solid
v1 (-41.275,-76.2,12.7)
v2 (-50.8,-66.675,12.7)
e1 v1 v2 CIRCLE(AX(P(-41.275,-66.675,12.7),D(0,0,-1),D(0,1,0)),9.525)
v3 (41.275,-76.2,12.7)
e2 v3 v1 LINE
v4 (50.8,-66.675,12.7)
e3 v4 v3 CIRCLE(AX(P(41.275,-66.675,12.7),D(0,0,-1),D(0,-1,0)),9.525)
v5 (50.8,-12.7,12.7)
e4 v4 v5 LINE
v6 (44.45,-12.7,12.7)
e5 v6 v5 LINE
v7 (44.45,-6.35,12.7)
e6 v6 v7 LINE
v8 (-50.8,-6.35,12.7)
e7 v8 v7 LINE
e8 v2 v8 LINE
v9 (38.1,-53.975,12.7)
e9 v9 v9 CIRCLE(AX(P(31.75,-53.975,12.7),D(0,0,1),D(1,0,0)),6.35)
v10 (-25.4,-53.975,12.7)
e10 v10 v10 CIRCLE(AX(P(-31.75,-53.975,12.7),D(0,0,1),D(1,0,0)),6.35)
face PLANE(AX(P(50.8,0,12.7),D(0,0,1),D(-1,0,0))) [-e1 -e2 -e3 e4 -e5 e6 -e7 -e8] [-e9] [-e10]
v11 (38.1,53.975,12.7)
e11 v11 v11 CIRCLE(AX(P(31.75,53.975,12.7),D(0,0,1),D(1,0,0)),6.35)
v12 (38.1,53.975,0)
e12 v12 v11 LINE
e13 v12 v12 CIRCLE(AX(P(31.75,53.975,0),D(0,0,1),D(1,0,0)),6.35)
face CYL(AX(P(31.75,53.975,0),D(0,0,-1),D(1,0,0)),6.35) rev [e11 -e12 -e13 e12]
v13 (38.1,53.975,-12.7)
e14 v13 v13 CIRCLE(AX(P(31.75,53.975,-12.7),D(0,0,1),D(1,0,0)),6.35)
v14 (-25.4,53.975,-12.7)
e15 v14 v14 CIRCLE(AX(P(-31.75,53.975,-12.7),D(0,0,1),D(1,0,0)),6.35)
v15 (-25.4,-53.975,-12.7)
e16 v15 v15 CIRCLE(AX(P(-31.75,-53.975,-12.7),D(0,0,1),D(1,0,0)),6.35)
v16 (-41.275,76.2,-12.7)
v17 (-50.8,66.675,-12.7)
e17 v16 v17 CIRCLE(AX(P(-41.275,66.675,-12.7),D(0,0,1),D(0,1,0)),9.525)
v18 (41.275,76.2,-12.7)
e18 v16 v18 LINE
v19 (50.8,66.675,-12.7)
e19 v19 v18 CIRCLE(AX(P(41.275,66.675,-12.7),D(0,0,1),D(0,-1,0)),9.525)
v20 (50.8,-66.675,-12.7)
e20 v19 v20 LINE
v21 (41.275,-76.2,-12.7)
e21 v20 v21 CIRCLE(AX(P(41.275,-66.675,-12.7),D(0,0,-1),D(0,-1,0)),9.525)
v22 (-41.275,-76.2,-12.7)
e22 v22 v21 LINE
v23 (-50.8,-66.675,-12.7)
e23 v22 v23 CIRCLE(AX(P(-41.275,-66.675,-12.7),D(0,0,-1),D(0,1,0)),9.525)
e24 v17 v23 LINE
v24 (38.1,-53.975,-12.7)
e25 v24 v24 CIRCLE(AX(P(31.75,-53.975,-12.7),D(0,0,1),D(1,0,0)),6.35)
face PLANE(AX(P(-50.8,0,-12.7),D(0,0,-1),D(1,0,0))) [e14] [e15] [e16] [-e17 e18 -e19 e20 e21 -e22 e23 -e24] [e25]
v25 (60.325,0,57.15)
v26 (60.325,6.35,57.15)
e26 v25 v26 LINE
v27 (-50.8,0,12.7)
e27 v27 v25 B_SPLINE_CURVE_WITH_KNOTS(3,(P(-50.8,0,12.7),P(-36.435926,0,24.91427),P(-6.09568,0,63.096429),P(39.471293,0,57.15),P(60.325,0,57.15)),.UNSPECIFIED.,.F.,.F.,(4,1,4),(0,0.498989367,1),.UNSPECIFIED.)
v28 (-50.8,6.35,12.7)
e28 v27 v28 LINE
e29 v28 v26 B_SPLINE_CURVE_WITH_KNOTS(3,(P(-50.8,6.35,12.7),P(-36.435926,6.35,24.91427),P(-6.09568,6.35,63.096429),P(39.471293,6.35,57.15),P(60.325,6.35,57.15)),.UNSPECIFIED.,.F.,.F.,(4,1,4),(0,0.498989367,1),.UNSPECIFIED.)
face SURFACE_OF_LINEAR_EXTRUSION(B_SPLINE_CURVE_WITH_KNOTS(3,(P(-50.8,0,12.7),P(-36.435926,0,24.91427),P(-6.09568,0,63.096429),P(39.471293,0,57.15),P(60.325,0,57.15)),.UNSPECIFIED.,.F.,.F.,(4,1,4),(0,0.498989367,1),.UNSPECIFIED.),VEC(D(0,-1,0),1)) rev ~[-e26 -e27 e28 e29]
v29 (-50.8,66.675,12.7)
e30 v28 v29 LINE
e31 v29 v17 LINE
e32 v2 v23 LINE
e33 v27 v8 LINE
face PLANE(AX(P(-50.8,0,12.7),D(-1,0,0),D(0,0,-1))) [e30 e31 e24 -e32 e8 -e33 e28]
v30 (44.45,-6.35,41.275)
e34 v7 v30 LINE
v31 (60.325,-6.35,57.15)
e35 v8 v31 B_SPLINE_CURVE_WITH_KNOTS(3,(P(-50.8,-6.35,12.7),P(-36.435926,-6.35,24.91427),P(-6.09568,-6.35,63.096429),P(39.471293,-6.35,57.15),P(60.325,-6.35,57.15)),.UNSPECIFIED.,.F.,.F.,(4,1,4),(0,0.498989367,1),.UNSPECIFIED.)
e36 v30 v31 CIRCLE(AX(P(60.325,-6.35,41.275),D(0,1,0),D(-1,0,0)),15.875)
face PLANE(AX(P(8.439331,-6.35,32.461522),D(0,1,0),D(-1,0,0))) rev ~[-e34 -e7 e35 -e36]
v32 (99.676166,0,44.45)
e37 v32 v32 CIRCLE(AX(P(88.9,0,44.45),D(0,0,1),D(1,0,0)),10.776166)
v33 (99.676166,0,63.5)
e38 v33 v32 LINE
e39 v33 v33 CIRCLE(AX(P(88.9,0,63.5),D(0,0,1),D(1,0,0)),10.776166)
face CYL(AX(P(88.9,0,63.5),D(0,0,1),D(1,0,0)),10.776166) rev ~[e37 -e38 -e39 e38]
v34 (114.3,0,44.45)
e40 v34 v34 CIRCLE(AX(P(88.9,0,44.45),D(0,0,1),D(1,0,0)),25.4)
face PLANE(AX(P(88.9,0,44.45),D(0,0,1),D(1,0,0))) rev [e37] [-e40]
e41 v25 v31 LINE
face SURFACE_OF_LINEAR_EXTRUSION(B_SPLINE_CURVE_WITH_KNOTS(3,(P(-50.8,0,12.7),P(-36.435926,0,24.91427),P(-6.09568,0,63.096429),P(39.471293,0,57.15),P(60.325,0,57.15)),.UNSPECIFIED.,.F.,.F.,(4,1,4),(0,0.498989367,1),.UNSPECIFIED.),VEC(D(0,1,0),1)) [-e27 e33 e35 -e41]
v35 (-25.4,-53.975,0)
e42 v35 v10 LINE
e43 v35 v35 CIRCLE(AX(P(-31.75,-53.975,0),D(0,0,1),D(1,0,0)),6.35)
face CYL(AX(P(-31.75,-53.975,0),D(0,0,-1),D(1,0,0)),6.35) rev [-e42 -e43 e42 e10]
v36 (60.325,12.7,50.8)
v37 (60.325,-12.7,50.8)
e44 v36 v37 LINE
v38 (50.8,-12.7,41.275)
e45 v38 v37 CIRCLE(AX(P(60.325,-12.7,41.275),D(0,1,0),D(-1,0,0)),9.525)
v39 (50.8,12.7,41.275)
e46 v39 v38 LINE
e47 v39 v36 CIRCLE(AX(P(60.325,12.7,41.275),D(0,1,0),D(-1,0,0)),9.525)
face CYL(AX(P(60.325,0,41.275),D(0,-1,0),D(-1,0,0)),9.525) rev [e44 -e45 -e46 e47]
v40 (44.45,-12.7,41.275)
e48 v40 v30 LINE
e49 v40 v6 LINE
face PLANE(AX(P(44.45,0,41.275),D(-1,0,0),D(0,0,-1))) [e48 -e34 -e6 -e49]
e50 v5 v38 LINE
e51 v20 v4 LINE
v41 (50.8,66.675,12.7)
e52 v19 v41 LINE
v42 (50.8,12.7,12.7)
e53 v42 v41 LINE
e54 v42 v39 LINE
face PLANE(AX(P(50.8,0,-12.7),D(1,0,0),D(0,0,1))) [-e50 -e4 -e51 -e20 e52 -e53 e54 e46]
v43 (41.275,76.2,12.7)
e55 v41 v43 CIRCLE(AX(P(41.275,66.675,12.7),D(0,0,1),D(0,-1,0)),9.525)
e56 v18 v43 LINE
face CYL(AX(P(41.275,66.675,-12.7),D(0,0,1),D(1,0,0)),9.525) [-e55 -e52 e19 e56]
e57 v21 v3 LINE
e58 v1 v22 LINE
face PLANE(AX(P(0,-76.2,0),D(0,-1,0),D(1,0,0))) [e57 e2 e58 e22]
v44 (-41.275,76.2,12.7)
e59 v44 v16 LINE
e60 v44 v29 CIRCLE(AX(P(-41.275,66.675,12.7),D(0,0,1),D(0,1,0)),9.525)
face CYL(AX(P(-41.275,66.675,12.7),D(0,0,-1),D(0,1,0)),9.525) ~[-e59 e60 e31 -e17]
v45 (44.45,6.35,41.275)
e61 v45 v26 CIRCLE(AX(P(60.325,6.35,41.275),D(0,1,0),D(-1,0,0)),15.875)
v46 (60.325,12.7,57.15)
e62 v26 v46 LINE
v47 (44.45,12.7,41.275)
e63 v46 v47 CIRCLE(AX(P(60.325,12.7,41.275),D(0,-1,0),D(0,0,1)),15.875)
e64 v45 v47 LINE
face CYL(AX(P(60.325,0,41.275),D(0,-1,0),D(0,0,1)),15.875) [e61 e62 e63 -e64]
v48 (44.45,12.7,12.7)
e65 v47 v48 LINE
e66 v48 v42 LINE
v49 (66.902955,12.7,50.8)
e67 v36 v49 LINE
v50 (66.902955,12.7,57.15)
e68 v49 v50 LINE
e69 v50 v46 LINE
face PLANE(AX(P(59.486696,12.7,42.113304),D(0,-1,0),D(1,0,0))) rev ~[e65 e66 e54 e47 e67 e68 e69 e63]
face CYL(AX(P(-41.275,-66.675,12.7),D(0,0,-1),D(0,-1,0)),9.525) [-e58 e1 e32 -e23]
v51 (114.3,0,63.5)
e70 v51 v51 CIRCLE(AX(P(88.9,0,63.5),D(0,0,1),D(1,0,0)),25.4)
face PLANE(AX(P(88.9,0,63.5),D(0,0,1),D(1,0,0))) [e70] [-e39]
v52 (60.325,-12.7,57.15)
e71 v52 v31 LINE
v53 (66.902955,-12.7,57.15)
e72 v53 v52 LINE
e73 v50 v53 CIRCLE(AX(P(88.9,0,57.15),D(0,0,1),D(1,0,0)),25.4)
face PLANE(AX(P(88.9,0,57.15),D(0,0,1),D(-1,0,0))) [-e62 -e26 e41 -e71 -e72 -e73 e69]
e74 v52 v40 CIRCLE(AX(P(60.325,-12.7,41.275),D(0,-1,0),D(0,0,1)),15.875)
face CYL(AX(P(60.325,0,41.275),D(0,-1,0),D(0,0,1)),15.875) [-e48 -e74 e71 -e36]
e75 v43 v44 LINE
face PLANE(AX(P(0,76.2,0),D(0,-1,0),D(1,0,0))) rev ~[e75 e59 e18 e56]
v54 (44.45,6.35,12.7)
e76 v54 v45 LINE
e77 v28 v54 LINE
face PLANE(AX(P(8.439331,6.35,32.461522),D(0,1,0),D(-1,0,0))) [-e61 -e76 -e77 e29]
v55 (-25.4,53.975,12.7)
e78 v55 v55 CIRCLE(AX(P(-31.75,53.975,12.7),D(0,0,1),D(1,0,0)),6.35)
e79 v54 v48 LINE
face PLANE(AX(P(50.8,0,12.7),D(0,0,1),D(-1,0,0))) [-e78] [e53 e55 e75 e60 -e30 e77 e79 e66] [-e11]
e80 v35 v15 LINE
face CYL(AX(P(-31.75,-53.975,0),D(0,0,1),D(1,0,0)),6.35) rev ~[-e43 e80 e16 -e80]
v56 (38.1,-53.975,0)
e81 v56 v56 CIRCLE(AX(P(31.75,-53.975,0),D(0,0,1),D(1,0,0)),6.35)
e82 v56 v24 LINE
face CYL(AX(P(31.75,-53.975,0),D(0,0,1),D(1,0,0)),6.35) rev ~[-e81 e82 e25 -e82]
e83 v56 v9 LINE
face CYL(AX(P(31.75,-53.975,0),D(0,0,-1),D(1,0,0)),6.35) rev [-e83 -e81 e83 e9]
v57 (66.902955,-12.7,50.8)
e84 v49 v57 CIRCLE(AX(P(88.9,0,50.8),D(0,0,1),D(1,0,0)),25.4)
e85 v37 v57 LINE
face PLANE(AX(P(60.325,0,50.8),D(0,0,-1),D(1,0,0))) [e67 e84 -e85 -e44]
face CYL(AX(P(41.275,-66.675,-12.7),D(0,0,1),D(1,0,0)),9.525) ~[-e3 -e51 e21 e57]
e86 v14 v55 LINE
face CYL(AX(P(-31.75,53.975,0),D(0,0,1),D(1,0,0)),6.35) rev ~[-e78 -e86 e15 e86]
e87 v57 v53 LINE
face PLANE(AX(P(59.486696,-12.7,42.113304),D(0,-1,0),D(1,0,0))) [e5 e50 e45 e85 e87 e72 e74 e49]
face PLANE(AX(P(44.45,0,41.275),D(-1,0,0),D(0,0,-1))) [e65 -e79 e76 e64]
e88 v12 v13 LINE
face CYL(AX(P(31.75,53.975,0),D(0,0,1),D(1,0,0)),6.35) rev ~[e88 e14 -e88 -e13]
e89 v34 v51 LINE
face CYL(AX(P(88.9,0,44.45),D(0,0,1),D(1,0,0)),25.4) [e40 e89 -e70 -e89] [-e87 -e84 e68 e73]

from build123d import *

# Parameters (mm, degrees)
F1_DEPTH = 76.2
F2_DEPTH = 12.7
F3_DEPTH = 6.35
F5_R     = 9.525
F6_R     = 10.7761659596
F7_DEPTH = 76.201
F8_R     = 6.35
F9_DEPTH = 12.7


with BuildPart() as f1:
    # F0 (on Front) → F1 (new body, symmetric)
    with BuildSketch(Plane.XZ):
        Polygon((-50.8, 12.7), (-50.8, -12.7), (50.8, -12.7), (50.8, 12.7), (44.45, 12.7), align=None)
    extrude(amount=F1_DEPTH, both=True)

    # F0 (on Front) → F2 (join, symmetric)
    with BuildSketch(Plane.XZ):
        with BuildLine():
            Line((44.45, 12.7), (50.8, 12.7))
            Line((50.8, 12.7), (50.8, 41.275))
            ThreePointArc((50.8, 41.275), (53.5898079092, 48.0101920908), (60.325, 50.8))
            Line((60.325, 50.8), (88.9, 50.8))
            Line((88.9, 50.8), (88.9, 57.15))
            Line((88.9, 57.15), (60.325, 57.15))
            ThreePointArc((60.325, 57.15), (49.0996798487, 52.5003201513), (44.45, 41.275))
            Line((44.45, 41.275), (44.45, 12.7))
        make_face()
    extrude(amount=F2_DEPTH, both=True)

    # F0 (on Front) → F3 (join, symmetric)
    with BuildSketch(Plane.XZ):
        with BuildLine():
            add(Edge.make_bspline(
                [(-50.8, 12.7), (-36.4359264535, 24.9142696717), (-6.0956798741, 63.0964294524), (39.4712934893, 57.15), (60.325, 57.15)],
                knots=[0, 0, 0, 0, 0.4989893673, 1, 1, 1, 1], degree=3))
            Line((-50.8, 12.7), (44.45, 12.7))
            Line((44.45, 12.7), (44.45, 41.275))
            ThreePointArc((44.45, 41.275), (49.0996798487, 52.5003201513), (60.325, 57.15))
        make_face()
    extrude(amount=F3_DEPTH, both=True)

    # F0 (on Front) → F4 (revolve)
    with BuildSketch(Plane.XZ):
        Polygon((88.9, 63.5), (88.9, 57.15), (88.9, 50.8), (88.9, 44.45), (114.3, 44.45), (114.3, 63.5), align=None)
    revolve(axis=Axis((88.9, 0, 53.975), (0, 0, 1)))

    # F5
    f5_edges = [f1.edges().sort_by_distance(p)[0] for p in [
        (50.8, -76.2, 0),
        (50.8, 76.2, 0),
        (-50.8, 76.2, 0),
        (-50.8, -76.2, 0),
    ]]
    fillet(f5_edges, radius=F5_R)

    # F6 (on face) → F7 (cut, through all)
    with BuildSketch(Plane.XY.offset(63.5)):
        with Locations((88.9, 0)):
            Circle(F6_R)
    extrude(amount=-F7_DEPTH, mode=Mode.SUBTRACT)

    # F8 (on Top) → F9 (cut, symmetric)
    with BuildSketch(Plane.XY):
        with Locations((-31.75, -53.975)):
            Circle(F8_R)
        with Locations((31.75, -53.975)):
            Circle(F8_R)
        with Locations((31.75, 53.975)):
            Circle(F8_R)
        with Locations((-31.75, 53.975)):
            Circle(F8_R)
    extrude(amount=F9_DEPTH, both=True, mode=Mode.SUBTRACT)


solid = f1.part
